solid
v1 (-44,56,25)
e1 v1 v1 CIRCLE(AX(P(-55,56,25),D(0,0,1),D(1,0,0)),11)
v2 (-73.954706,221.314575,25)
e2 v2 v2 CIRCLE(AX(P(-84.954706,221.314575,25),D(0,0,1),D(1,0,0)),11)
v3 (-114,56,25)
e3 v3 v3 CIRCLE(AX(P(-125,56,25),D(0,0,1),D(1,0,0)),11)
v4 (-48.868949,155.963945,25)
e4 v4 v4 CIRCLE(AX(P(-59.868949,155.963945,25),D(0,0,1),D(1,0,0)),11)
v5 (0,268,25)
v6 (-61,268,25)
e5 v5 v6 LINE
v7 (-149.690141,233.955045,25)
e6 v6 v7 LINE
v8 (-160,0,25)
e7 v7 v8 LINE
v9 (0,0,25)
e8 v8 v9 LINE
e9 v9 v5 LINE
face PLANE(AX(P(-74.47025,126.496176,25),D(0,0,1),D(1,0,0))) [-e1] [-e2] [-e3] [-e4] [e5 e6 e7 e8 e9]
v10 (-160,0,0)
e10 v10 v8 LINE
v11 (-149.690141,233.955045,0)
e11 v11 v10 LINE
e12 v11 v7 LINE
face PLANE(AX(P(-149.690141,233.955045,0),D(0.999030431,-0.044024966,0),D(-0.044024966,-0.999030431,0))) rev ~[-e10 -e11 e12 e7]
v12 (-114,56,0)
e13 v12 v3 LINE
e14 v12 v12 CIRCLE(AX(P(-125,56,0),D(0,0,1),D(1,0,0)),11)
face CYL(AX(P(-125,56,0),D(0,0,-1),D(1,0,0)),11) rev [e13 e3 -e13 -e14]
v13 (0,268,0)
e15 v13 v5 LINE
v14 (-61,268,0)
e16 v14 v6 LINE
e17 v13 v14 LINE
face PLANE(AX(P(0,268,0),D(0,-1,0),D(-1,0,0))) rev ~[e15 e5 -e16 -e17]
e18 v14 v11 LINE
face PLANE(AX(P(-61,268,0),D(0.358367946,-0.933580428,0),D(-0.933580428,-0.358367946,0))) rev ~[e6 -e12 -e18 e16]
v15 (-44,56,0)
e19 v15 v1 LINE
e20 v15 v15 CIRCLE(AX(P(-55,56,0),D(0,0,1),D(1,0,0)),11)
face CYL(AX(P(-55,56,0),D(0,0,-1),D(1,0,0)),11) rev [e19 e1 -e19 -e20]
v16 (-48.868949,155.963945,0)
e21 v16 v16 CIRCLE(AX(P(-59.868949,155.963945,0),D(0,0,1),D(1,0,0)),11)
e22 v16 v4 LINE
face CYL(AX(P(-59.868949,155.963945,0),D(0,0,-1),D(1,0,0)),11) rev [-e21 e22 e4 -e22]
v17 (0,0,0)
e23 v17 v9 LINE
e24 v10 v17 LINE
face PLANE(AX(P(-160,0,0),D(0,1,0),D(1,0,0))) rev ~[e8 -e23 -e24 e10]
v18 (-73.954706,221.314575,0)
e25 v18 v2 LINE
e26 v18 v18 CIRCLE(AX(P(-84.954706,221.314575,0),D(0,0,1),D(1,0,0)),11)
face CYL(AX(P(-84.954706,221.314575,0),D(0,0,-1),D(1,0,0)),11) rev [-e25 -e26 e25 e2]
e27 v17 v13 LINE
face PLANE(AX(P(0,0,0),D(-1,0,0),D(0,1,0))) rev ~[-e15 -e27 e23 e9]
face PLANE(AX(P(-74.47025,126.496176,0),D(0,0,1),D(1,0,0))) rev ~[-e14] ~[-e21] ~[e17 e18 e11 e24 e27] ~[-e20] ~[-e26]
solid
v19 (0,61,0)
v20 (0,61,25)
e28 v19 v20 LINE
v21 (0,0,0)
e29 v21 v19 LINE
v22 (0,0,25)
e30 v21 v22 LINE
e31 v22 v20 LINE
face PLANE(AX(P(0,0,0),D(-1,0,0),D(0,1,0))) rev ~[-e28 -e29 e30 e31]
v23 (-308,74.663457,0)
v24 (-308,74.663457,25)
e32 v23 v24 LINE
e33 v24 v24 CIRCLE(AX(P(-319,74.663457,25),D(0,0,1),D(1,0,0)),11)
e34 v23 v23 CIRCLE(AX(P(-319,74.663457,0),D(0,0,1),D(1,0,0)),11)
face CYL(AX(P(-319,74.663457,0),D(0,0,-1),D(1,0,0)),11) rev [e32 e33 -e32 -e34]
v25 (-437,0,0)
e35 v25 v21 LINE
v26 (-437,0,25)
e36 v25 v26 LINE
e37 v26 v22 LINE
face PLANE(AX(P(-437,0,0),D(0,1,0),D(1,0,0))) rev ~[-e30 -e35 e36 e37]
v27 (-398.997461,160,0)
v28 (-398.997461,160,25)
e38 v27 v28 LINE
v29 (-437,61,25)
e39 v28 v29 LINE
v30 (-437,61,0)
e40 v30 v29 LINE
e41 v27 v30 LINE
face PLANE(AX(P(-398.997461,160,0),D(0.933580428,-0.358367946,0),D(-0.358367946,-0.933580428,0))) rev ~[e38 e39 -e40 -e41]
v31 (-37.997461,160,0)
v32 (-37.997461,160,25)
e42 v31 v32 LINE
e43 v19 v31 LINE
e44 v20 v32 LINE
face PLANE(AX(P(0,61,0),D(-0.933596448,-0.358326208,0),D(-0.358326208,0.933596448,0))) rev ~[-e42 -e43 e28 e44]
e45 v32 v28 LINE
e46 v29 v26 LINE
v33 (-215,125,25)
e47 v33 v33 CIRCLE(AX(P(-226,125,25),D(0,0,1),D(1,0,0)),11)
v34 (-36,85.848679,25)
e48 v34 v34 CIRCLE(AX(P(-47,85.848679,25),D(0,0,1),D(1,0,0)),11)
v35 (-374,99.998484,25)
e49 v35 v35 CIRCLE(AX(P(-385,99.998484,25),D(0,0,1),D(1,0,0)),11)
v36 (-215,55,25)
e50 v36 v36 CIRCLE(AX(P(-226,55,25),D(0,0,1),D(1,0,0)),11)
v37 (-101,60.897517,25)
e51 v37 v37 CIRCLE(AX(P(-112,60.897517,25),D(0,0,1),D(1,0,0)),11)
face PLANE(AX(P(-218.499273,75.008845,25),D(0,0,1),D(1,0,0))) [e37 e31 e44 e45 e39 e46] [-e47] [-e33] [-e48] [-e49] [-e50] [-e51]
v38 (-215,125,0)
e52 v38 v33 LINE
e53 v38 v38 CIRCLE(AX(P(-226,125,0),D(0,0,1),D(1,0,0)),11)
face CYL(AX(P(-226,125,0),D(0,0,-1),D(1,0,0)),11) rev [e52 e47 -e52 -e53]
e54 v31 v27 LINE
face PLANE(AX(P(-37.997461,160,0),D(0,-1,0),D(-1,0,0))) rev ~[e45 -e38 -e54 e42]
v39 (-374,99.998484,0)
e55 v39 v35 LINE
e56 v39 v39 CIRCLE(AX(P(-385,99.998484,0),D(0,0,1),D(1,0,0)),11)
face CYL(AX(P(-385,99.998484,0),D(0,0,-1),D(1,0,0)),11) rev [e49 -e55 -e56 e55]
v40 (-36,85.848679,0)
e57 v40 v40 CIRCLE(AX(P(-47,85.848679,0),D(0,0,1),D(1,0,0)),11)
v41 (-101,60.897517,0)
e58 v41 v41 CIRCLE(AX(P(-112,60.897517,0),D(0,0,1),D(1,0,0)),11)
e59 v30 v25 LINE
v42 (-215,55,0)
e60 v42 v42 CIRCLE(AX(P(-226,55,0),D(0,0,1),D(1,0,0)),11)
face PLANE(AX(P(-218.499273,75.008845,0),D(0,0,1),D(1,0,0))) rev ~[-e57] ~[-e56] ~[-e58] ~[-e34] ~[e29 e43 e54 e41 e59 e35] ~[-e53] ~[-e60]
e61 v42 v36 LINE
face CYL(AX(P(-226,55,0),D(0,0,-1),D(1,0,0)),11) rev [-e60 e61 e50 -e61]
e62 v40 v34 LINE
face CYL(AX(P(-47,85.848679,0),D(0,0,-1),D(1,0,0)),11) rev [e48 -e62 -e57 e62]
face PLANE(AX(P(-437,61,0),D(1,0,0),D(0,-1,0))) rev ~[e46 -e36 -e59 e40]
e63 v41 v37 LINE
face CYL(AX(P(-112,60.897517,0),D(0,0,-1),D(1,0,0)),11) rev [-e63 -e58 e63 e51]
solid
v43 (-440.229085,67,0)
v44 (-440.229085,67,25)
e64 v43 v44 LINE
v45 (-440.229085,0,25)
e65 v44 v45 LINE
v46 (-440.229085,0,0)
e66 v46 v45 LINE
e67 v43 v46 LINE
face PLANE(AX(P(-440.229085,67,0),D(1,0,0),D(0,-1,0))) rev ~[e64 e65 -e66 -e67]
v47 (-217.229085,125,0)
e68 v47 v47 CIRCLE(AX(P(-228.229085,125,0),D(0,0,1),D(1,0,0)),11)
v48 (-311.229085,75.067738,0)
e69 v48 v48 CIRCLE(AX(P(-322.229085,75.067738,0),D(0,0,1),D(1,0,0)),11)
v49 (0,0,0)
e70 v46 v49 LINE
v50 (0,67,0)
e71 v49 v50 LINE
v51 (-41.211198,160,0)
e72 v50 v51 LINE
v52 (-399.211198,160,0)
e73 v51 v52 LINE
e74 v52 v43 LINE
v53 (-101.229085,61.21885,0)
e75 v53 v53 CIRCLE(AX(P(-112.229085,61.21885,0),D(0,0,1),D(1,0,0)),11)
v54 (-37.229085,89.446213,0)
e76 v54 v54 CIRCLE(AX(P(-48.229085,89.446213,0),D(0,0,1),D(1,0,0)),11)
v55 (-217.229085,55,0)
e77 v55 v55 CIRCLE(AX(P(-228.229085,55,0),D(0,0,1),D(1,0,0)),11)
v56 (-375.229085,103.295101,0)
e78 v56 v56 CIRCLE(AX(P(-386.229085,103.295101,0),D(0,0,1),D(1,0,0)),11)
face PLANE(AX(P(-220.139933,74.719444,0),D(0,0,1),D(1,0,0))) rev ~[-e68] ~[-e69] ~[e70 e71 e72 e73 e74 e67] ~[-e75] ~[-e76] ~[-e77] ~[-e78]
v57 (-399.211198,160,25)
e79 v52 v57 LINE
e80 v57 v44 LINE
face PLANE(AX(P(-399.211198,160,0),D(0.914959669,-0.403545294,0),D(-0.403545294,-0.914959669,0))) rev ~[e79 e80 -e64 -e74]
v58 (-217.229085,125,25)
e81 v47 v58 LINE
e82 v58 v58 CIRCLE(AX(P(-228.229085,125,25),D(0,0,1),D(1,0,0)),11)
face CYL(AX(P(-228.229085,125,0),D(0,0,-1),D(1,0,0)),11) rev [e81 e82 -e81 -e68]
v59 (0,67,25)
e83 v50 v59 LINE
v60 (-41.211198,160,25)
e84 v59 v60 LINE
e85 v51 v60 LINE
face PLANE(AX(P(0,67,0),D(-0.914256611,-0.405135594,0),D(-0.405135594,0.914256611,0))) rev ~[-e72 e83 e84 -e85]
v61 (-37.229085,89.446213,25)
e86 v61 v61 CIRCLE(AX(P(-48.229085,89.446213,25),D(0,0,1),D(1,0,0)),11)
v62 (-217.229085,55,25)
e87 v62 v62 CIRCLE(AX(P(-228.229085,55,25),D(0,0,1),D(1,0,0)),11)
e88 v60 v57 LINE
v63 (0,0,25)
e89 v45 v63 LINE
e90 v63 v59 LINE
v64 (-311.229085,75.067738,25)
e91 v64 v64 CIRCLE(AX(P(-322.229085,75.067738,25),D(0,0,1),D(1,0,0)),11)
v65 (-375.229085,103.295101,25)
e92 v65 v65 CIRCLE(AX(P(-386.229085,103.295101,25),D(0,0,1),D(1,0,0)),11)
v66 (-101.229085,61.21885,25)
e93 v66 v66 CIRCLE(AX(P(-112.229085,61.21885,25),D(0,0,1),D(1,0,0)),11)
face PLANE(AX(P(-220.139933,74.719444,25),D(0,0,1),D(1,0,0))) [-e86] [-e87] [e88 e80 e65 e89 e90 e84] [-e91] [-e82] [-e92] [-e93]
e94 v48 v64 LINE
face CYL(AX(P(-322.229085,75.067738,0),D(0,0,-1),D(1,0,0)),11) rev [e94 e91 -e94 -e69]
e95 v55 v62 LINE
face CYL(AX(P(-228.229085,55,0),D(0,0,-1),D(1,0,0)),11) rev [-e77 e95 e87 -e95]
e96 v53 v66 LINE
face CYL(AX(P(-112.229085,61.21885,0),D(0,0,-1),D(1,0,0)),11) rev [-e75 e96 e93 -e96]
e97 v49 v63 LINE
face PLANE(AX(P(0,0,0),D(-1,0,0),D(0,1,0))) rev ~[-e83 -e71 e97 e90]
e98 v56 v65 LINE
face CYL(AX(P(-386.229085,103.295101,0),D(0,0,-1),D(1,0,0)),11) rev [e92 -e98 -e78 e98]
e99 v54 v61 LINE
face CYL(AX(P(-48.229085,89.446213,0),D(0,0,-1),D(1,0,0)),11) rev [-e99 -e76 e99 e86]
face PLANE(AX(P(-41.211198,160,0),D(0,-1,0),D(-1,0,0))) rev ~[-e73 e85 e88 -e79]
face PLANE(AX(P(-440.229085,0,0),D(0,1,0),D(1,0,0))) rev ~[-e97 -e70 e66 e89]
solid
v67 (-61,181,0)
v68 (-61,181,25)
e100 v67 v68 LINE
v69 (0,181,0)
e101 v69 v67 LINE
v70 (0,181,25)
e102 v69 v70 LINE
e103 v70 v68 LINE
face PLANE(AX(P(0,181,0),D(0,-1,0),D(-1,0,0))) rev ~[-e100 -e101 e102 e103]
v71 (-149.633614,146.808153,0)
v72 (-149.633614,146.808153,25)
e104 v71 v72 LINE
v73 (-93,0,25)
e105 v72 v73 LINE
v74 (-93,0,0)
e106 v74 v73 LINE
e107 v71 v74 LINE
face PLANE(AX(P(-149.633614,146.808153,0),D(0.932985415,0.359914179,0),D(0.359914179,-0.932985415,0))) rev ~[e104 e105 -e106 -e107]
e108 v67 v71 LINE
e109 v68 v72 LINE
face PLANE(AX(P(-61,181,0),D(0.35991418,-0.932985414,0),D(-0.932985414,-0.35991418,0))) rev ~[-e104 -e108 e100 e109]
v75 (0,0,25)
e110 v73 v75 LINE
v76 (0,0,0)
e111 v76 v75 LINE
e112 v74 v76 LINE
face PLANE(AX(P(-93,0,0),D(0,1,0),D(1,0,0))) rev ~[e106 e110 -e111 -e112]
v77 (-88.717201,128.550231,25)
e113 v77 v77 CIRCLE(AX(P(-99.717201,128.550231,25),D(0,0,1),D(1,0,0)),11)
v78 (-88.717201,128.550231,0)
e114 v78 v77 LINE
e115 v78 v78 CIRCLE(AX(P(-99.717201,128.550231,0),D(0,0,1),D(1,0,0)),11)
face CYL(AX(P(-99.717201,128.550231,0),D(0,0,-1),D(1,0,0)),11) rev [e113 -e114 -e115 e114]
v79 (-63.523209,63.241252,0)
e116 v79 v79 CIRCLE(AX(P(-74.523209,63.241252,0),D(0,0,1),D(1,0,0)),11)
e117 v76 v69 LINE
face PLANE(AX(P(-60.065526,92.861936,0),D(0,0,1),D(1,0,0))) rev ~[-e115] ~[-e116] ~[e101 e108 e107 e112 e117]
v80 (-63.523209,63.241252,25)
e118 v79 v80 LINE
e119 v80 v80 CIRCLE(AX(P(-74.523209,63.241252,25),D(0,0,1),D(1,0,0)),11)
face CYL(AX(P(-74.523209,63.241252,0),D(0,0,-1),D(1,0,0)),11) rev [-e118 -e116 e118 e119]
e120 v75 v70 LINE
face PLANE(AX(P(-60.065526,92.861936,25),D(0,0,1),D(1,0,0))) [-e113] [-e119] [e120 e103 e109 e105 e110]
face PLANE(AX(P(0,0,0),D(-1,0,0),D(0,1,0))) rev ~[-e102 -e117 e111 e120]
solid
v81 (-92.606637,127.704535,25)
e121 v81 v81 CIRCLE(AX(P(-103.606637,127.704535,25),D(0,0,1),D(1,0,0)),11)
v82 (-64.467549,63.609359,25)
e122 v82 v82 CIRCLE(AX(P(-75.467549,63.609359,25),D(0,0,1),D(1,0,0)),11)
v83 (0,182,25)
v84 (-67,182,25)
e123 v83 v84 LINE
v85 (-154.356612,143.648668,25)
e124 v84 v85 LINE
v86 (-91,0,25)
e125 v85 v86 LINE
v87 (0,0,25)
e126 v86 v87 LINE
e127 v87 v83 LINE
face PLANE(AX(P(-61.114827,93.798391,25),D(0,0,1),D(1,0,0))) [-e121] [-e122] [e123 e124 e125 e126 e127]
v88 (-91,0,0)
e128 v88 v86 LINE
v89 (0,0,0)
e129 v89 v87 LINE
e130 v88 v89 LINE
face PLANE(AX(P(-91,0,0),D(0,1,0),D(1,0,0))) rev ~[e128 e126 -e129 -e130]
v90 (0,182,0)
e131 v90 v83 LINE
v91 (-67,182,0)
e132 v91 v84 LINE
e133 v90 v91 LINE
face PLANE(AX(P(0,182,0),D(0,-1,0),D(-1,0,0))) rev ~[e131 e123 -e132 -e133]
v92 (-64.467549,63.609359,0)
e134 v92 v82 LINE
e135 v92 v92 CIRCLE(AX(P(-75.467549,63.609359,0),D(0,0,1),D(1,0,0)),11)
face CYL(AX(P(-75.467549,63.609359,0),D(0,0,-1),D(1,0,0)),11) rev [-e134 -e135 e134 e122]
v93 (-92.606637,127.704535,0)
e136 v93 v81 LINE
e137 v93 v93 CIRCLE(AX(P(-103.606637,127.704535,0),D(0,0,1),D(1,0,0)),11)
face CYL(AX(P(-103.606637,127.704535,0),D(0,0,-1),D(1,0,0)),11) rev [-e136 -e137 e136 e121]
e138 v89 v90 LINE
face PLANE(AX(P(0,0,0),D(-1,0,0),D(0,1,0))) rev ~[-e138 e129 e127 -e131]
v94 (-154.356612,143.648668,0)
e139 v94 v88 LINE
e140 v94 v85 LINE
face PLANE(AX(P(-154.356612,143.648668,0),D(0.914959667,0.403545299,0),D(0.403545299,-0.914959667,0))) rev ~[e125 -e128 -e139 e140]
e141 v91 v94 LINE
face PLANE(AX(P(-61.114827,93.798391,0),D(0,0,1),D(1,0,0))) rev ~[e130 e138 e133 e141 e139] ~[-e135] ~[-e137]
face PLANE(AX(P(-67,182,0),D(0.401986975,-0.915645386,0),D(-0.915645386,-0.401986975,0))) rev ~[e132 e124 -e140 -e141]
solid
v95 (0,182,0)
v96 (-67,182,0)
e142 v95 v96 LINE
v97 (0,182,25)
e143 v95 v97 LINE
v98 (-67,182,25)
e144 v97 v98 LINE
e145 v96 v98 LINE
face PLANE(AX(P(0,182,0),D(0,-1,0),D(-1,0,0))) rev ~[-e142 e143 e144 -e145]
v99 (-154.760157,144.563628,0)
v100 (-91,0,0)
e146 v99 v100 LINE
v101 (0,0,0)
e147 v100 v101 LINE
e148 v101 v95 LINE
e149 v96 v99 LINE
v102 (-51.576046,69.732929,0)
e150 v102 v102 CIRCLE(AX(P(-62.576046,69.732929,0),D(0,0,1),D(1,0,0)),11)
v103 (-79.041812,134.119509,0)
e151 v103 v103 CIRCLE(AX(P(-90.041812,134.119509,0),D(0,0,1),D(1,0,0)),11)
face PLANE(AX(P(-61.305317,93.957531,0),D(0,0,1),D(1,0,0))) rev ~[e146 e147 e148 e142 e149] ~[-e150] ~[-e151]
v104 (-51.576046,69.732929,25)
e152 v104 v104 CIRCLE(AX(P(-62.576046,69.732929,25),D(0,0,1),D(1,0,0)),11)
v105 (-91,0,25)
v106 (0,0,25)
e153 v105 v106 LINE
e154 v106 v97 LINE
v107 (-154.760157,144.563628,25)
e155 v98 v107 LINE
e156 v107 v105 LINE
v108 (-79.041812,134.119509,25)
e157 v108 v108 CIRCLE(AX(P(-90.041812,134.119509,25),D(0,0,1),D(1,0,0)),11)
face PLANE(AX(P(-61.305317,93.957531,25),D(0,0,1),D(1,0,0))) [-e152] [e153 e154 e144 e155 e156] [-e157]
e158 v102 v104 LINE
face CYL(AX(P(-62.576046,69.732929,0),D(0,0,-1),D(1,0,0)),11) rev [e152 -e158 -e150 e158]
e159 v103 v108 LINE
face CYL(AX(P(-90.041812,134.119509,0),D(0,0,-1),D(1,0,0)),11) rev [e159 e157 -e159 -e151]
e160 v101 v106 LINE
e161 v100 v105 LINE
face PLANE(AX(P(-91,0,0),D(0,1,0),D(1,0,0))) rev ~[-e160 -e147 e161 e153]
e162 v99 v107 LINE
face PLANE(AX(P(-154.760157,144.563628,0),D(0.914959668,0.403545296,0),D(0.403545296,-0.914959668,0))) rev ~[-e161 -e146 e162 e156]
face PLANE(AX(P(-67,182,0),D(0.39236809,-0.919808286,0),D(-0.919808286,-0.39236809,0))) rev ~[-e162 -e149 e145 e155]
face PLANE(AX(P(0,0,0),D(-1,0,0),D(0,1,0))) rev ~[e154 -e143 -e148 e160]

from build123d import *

# Parameters (mm, degrees)
F0_R      = 11
F1_DEPTH  = 25
F2_R      = 11
F3_DEPTH  = 25
F4_R      = 11
F5_DEPTH  = 25
F6_R      = 11
F7_DEPTH  = 25
F8_R      = 11
F9_DEPTH  = 25
F10_R     = 11
F11_DEPTH = 25


with BuildPart() as f1:
    # F0 (on Top) → F1 (new body)
    with BuildSketch(Plane.XY):
        Polygon((-160, 0), (0, 0), (0, 268), (-61, 268), (-149.690141, 233.955045), align=None)
        with Locations((-125, 56)):
            Circle(F0_R, mode=Mode.SUBTRACT)
        with Locations((-55, 56)):
            Circle(F0_R, mode=Mode.SUBTRACT)
        with Locations((-84.954706, 221.314575)):
            Circle(F0_R, mode=Mode.SUBTRACT)
        with Locations((-59.868949, 155.963945)):
            Circle(F0_R, mode=Mode.SUBTRACT)
    extrude(amount=F1_DEPTH)


with BuildPart() as f3:
    # F2 (on Top) → F3 (new body)
    with BuildSketch(Plane.XY):
        Polygon((-93, 0), (0, 0), (0, 181), (-61, 181), (-149.633614, 146.808153), align=None)
        with Locations((-74.523209, 63.241252)):
            Circle(F2_R, mode=Mode.SUBTRACT)
        with Locations((-99.717201, 128.550231)):
            Circle(F2_R, mode=Mode.SUBTRACT)
    extrude(amount=F3_DEPTH)


with BuildPart() as f5:
    # F4 (on Top) → F5 (new body)
    with BuildSketch(Plane.XY):
        Polygon((-437, 0), (0, 0), (0, 61), (-37.997461, 160), (-398.997461, 160), (-437, 61), align=None)
        with Locations((-226, 55)):
            Circle(F4_R, mode=Mode.SUBTRACT)
        with Locations((-319, 74.663457)):
            Circle(F4_R, mode=Mode.SUBTRACT)
        with Locations((-112, 60.897517)):
            Circle(F4_R, mode=Mode.SUBTRACT)
        with Locations((-385, 99.998484)):
            Circle(F4_R, mode=Mode.SUBTRACT)
        with Locations((-226, 125)):
            Circle(F4_R, mode=Mode.SUBTRACT)
        with Locations((-47, 85.848679)):
            Circle(F4_R, mode=Mode.SUBTRACT)
    extrude(amount=F5_DEPTH)


with BuildPart() as f7:
    # F6 (on Top) → F7 (new body)
    with BuildSketch(Plane.XY):
        Polygon((-91, 0), (0, 0), (0, 182), (-67, 182), (-154.760157, 144.563628), align=None)
        with Locations((-62.576046, 69.732929)):
            Circle(F6_R, mode=Mode.SUBTRACT)
        with Locations((-90.041812, 134.119509)):
            Circle(F6_R, mode=Mode.SUBTRACT)
    extrude(amount=F7_DEPTH)


with BuildPart() as f9:
    # F8 (on Top) → F9 (new body)
    with BuildSketch(Plane.XY):
        Polygon((-91, 0), (0, 0), (0, 182), (-67, 182), (-154.356612, 143.648668), align=None)
        with Locations((-75.467549, 63.609359)):
            Circle(F8_R, mode=Mode.SUBTRACT)
        with Locations((-103.606637, 127.704535)):
            Circle(F8_R, mode=Mode.SUBTRACT)
    extrude(amount=F9_DEPTH)


with BuildPart() as f11:
    # F10 (on Top) → F11 (new body)
    with BuildSketch(Plane.XY):
        Polygon((-440.229085, 0), (0, 0), (0, 67), (-41.211198, 160), (-399.211198, 160), (-440.229085, 67), align=None)
        with Locations((-228.229085, 55)):
            Circle(F10_R, mode=Mode.SUBTRACT)
        with Locations((-322.229085, 75.067738)):
            Circle(F10_R, mode=Mode.SUBTRACT)
        with Locations((-112.229085, 61.21885)):
            Circle(F10_R, mode=Mode.SUBTRACT)
        with Locations((-386.229085, 103.295101)):
            Circle(F10_R, mode=Mode.SUBTRACT)
        with Locations((-228.229085, 125)):
            Circle(F10_R, mode=Mode.SUBTRACT)
        with Locations((-48.229085, 89.446213)):
            Circle(F10_R, mode=Mode.SUBTRACT)
    extrude(amount=F11_DEPTH)


solid = Compound([f1.part, f3.part, f5.part, f7.part, f9.part, f11.part])
